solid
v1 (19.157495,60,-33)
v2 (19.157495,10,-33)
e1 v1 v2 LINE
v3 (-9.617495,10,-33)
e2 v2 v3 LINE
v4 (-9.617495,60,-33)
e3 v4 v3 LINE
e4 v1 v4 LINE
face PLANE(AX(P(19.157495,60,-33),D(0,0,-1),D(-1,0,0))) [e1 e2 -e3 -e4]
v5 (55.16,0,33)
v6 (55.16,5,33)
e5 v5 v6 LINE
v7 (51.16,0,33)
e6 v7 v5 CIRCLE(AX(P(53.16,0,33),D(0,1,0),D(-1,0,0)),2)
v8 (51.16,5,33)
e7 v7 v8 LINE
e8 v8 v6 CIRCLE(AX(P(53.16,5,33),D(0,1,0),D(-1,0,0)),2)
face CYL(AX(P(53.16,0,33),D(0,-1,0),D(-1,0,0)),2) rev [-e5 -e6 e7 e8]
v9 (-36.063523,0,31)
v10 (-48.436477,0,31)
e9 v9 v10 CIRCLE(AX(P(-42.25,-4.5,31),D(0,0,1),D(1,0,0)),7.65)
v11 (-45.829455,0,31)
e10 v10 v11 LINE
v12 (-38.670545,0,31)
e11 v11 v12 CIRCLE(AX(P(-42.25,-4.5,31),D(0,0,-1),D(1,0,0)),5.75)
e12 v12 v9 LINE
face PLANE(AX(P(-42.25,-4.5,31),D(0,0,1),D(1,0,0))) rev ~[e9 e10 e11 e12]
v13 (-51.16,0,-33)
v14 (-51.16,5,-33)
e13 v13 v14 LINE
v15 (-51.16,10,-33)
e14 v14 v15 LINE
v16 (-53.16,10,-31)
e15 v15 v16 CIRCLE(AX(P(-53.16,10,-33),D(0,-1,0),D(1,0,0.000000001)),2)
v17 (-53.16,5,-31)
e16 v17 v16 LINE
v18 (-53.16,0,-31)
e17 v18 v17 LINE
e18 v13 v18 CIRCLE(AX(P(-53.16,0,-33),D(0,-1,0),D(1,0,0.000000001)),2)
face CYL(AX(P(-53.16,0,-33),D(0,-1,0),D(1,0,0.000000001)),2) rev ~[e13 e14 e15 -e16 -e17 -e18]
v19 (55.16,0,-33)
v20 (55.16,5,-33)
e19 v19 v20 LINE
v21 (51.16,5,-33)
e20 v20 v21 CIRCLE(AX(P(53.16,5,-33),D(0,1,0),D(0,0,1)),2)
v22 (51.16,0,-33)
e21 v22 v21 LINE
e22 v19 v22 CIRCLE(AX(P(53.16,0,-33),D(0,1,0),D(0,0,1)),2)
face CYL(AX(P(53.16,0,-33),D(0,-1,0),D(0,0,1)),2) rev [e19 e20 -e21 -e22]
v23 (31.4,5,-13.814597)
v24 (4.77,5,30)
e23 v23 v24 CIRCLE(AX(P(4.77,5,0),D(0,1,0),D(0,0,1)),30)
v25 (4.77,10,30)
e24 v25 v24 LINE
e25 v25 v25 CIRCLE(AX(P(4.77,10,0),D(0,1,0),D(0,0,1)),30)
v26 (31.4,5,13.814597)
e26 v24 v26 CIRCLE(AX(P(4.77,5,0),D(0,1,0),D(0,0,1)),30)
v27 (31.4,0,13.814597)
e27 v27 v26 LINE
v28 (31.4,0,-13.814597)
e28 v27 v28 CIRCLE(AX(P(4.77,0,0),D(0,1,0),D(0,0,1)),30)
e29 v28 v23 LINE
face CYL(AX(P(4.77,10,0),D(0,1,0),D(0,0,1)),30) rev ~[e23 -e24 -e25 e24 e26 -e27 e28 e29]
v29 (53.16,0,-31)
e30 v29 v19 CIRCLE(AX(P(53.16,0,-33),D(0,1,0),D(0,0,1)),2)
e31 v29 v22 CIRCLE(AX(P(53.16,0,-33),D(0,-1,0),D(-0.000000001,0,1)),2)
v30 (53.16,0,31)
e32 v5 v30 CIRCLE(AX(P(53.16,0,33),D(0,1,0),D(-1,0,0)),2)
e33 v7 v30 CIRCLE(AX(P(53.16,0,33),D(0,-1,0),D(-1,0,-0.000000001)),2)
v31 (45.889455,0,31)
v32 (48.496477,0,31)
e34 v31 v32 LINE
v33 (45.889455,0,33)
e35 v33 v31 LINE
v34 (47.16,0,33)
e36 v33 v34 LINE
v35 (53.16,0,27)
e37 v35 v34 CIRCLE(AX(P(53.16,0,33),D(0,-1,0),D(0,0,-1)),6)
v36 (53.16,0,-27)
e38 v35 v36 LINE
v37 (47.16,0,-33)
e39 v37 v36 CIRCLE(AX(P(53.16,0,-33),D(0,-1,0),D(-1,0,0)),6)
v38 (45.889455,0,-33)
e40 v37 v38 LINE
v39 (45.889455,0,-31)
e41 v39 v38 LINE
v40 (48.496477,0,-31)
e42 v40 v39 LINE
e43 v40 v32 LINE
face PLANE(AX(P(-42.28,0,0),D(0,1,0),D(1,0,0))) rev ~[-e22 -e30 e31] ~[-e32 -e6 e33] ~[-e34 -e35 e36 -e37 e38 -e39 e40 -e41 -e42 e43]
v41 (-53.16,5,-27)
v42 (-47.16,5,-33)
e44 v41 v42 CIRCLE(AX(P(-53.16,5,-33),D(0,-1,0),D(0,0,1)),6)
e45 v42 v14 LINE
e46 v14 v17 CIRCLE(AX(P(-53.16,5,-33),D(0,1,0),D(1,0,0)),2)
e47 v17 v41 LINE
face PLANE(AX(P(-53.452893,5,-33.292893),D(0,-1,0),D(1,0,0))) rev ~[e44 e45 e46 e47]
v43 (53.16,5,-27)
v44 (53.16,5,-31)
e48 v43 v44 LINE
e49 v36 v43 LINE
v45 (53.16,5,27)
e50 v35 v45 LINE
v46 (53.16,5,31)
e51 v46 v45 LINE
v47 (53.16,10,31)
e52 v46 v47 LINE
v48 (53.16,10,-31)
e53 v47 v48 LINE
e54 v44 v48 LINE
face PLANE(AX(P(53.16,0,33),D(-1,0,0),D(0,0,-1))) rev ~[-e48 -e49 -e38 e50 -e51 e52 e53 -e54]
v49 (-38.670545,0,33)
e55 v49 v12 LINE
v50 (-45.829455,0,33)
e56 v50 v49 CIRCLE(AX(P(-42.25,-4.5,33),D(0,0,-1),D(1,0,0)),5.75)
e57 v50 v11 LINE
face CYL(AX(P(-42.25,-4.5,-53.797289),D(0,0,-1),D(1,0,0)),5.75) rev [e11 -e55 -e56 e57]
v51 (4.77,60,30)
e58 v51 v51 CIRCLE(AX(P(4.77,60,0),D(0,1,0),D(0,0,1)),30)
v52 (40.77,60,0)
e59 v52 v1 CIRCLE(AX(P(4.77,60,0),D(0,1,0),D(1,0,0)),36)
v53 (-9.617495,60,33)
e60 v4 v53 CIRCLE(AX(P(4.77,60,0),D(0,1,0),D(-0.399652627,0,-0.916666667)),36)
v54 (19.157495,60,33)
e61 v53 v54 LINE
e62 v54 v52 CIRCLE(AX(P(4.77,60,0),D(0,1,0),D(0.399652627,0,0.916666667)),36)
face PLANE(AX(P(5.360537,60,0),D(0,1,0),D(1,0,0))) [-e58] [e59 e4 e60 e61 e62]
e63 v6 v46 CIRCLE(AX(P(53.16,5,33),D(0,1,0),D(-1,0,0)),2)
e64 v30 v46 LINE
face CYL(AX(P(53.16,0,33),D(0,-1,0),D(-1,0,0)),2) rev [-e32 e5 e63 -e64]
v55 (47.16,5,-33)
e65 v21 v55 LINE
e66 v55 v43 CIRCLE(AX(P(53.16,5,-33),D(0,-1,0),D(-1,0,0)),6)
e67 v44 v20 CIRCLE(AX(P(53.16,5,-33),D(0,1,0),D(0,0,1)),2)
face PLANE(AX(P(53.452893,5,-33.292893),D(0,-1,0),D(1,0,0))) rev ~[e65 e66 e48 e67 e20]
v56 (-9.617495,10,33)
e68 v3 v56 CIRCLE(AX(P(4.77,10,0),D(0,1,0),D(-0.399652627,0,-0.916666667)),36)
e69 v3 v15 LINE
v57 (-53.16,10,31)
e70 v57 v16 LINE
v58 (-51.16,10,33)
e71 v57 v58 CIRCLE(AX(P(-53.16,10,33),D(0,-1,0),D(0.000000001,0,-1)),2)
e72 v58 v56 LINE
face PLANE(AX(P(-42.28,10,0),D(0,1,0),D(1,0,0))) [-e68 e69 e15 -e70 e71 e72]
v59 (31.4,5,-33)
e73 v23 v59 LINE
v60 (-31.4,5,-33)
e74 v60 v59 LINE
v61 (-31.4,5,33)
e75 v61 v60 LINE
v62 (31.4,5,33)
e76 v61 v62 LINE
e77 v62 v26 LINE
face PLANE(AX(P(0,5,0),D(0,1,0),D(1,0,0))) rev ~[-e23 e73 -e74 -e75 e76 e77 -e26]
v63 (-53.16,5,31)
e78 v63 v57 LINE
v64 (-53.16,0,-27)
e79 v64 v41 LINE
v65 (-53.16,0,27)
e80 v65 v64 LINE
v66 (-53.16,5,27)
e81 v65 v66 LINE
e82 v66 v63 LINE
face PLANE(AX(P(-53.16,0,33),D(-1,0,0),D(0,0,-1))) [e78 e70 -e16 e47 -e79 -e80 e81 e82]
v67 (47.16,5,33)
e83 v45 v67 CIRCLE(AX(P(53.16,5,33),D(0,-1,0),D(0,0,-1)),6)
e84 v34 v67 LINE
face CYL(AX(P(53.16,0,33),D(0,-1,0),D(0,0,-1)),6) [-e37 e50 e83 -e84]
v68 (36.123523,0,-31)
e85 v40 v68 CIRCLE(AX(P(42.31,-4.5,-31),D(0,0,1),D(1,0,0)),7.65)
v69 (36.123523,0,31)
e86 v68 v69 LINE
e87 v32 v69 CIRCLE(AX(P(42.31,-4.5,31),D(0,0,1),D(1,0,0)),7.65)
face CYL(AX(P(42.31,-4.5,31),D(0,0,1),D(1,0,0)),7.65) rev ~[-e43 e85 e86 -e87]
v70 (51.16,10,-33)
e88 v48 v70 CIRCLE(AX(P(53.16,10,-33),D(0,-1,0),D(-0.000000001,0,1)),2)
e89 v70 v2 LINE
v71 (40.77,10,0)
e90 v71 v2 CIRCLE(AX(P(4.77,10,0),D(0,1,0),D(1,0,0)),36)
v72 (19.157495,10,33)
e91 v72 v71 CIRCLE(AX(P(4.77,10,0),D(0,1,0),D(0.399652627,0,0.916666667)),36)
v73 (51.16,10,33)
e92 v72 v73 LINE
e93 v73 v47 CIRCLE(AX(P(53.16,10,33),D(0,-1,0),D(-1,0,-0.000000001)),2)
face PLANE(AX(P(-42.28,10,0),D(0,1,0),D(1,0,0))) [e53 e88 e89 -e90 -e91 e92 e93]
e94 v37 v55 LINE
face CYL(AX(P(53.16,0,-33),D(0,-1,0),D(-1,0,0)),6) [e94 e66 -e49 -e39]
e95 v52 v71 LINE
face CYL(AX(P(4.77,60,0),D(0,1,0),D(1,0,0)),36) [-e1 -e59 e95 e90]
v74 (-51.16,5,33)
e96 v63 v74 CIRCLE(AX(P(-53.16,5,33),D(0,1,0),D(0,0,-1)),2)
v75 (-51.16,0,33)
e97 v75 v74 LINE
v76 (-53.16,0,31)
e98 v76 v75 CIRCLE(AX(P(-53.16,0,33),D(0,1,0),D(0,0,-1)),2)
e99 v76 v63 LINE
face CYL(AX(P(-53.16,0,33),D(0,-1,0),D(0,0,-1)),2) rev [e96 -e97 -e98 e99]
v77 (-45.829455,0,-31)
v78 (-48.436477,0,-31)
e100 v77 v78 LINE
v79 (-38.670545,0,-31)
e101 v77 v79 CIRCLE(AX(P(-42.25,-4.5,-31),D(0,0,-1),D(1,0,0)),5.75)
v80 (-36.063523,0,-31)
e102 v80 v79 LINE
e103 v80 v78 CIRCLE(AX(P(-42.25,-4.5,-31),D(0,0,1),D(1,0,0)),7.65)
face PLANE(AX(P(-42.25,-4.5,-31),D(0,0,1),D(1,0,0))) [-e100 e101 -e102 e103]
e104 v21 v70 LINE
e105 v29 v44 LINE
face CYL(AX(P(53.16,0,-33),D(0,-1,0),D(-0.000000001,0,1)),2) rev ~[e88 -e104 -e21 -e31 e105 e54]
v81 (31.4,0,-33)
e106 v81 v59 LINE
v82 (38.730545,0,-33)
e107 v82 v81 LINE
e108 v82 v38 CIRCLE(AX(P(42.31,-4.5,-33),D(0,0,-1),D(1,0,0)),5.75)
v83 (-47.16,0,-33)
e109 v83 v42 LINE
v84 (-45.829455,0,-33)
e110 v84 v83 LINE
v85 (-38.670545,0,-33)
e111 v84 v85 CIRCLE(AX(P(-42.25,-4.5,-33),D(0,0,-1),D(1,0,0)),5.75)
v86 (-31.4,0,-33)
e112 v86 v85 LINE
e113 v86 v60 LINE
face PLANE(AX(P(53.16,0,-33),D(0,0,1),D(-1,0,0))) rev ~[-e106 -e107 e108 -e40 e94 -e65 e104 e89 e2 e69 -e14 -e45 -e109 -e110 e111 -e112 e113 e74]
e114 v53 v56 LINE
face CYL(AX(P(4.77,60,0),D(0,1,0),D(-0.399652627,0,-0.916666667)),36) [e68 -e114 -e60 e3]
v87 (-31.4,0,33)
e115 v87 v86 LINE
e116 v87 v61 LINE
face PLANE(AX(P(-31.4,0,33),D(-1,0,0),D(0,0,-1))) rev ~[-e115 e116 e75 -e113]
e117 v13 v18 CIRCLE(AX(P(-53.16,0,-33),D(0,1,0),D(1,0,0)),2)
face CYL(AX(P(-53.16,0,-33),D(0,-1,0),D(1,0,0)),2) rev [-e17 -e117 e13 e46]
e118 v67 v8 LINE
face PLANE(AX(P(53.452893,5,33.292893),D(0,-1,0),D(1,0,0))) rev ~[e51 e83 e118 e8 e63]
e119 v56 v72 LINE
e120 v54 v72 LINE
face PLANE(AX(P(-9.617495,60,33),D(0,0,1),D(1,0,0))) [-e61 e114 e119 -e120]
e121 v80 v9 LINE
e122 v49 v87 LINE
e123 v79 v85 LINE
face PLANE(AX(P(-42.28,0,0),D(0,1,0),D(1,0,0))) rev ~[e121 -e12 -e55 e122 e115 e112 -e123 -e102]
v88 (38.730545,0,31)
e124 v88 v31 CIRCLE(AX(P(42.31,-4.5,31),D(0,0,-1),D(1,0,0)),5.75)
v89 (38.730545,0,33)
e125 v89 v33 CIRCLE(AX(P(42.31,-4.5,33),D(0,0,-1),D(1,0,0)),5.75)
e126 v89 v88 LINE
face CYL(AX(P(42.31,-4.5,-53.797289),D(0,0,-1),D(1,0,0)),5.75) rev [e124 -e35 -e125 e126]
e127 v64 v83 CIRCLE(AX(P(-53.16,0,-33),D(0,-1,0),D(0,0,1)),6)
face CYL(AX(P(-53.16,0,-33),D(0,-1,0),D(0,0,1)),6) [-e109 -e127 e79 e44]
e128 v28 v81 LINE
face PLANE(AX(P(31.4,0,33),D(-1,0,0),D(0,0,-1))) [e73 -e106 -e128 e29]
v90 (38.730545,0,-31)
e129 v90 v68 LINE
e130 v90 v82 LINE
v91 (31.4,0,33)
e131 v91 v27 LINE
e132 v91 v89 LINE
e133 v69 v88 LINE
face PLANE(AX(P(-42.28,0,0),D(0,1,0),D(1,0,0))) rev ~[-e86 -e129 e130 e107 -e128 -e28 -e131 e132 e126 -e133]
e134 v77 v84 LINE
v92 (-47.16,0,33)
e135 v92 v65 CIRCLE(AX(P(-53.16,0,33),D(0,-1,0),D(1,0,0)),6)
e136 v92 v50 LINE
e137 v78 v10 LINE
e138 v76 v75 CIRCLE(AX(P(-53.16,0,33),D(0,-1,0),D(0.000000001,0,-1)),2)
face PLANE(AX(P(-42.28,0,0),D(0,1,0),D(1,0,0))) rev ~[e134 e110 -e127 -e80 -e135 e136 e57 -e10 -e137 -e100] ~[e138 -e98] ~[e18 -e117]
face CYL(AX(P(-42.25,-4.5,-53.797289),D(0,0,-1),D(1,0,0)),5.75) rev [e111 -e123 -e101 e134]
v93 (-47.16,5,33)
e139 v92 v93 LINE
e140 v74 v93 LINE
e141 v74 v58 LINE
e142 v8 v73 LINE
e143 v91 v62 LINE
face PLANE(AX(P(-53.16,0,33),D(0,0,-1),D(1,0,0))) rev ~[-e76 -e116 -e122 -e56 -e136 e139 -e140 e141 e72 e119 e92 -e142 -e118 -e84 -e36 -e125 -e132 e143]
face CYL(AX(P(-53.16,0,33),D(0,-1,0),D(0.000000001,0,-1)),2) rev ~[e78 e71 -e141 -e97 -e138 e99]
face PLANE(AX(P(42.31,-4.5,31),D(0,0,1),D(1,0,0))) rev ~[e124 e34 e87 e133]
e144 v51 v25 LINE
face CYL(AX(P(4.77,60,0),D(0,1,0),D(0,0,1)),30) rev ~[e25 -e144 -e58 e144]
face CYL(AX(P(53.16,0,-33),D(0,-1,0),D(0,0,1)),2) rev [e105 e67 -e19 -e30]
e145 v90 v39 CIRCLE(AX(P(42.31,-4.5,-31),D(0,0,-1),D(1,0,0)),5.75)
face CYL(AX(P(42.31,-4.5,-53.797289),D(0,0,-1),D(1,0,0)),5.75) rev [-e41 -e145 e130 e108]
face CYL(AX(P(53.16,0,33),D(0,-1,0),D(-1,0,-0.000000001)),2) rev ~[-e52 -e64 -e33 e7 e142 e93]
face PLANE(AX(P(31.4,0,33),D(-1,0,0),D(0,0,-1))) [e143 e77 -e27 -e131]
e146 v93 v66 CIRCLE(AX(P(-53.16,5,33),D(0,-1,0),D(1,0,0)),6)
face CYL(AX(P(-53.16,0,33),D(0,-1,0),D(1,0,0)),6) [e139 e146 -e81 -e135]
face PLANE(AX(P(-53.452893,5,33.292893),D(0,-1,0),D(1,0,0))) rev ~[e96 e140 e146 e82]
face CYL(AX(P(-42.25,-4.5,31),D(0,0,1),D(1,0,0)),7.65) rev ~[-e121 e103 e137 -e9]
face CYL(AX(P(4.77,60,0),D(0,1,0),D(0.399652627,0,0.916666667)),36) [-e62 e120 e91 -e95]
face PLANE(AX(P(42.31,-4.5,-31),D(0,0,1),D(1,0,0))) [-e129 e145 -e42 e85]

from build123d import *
from build123d.topology import SkipClean

# Parameters (mm, degrees)
SKETCH1_W               = 21.76
SKETCH1_H               = 66
SKETCH1_W_2             = 62.8
BOSS_EXTRUDE1_DEPTH     = 10
SKETCH1_5_W             = 62.8
SKETCH1_5_H             = 66
CUT_EXTRUDE1_DEPTH      = 5
SKETCH3_R               = 7.65
SKETCH3_R_2             = 5.75
CUT_EXTRUDE2_DEPTH      = 62
CUT_EXTRUDE3_DEPTH      = 84.797288739
CUT_EXTRUDE3_DEPTH_BACK = 84.797288739
SKETCH3_3_R             = 5.75
BOSS_EXTRUDE2_DEPTH     = 5
CUT_EXTRUDE4_DEPTH      = 72.560503073
SKETCH5_R               = 30
CUT_EXTRUDE5_DEPTH      = 72.560503073
BOSS_EXTRUDE3_START     = 50
SKETCH5_3_R             = 30
BOSS_EXTRUDE3_DEPTH     = 50


with BuildPart() as part:
    # Sketch1 → Boss-Extrude1 (new body)
    with BuildSketch(Plane(origin=(0, 0, 0), x_dir=(1, 0, 0), z_dir=(0, 1, 0))):
        with Locations((-42.28, 0)):
            Rectangle(SKETCH1_W, SKETCH1_H)
        Rectangle(SKETCH1_W_2, SKETCH1_H)
        with Locations((42.28, 0)):
            Rectangle(SKETCH1_W, SKETCH1_H)
    extrude(amount=BOSS_EXTRUDE1_DEPTH)

    # Sketch1<5> → Cut-Extrude1 (cut)
    with BuildSketch(Plane(origin=(0, 0, 0), x_dir=(1, 0, 0), z_dir=(0, 1, 0))):
        Rectangle(SKETCH1_5_W, SKETCH1_5_H)
    extrude(amount=CUT_EXTRUDE1_DEPTH, mode=Mode.SUBTRACT)

    # Sketch3 → Cut-Extrude2 (cut)
    # profile 1 of 4: a face of its own
    with BuildSketch(Plane.XY.offset(31)):
        with Locations((-42.25, -4.5)):
            Circle(SKETCH3_R)
        with Locations((-42.25, -4.5)):
            Circle(SKETCH3_R_2, mode=Mode.SUBTRACT)
    # profile 2 of 4: a face of its own
    with BuildSketch(Plane.XY.offset(31)):
        with Locations((-42.25, -4.5)):
            Circle(SKETCH3_R_2)
    # profile 3 of 4: a face of its own
    with BuildSketch(Plane.XY.offset(31)):
        with Locations((42.31, -4.5)):
            Circle(SKETCH3_R)
        with Locations((42.31, -4.5)):
            Circle(SKETCH3_R_2, mode=Mode.SUBTRACT)
    # profile 4 of 4: a face of its own
    with BuildSketch(Plane.XY.offset(31)):
        with Locations((42.31, -4.5)):
            Circle(SKETCH3_R_2)
    extrude(amount=-CUT_EXTRUDE2_DEPTH, mode=Mode.SUBTRACT)

    # Sketch3<3> → Cut-Extrude3 (cut, two sides: drawn at the far end of the back side and taken through both)
    with BuildSketch(Plane.XY.offset(31).offset(-CUT_EXTRUDE3_DEPTH_BACK)):
        with Locations((42.31, -4.5)):
            Circle(SKETCH3_3_R)
        with Locations((-42.25, -4.5)):
            Circle(SKETCH3_3_R)
    extrude(amount=CUT_EXTRUDE3_DEPTH + CUT_EXTRUDE3_DEPTH_BACK, mode=Mode.SUBTRACT)

    # Sketch4 → Boss-Extrude2 (add)
    with BuildSketch(Plane.XZ):
        with BuildLine():
            Line((-51.16, 33), (-47.16, 33))
            ThreePointArc((-47.16, 33), (-57.402640687, 37.242640687), (-53.16, 27))
            Line((-53.16, 27), (-53.16, 31))
            ThreePointArc((-53.16, 31), (-54.574213562, 34.414213562), (-51.16, 33))
        make_face()
        with BuildLine():
            ThreePointArc((-53.16, -27), (-57.402640687, -37.242640687), (-47.16, -33))
            Line((-47.16, -33), (-51.16, -33))
            ThreePointArc((-51.16, -33), (-54.574213562, -34.414213562), (-53.16, -31))
            Line((-53.16, -31), (-53.16, -27))
        make_face()
        with BuildLine():
            ThreePointArc((47.16, -33), (57.402640687, -37.242640687), (53.16, -27))
            Line((53.16, -27), (53.16, -31))
            ThreePointArc((53.16, -31), (54.574213562, -34.414213562), (51.16, -33))
            Line((51.16, -33), (47.16, -33))
        make_face()
        with BuildLine():
            ThreePointArc((53.16, 27), (57.402640687, 37.242640687), (47.16, 33))
            Line((47.16, 33), (51.16, 33))
            ThreePointArc((51.16, 33), (54.574213562, 34.414213562), (53.16, 31))
            Line((53.16, 31), (53.16, 27))
        make_face()
    extrude(amount=-BOSS_EXTRUDE2_DEPTH)

    # Sketch4<3> → Cut-Extrude4 (cut, through all)
    with SkipClean():  # the faces are left unmerged after this step: merging them gives an invalid solid
        with BuildSketch(Plane.XZ):
            with BuildLine():
                ThreePointArc((51.16, 33), (51.745786438, 31.585786438), (53.16, 31))
                Line((53.16, 31), (53.16, 33))
                Line((53.16, 33), (51.16, 33))
            make_face()
            with BuildLine():
                Line((53.16, 33), (53.16, 31))
                ThreePointArc((53.16, 31), (54.574213562, 31.585786438), (55.16, 33))
                ThreePointArc((55.16, 33), (53.16, 35), (51.16, 33))
                Line((51.16, 33), (53.16, 33))
            make_face()
            with BuildLine():
                ThreePointArc((55.16, -33), (54.574213562, -31.585786438), (53.16, -31))
                Line((53.16, -31), (53.16, -33))
                Line((53.16, -33), (51.16, -33))
                ThreePointArc((51.16, -33), (53.16, -35), (55.16, -33))
            make_face()
            with BuildLine():
                Line((53.16, -33), (53.16, -31))
                ThreePointArc((53.16, -31), (51.745786438, -31.585786438), (51.16, -33))
                Line((51.16, -33), (53.16, -33))
            make_face()
            with BuildLine():
                ThreePointArc((-53.16, -31), (-54.574213562, -34.414213562), (-51.16, -33))
                Line((-51.16, -33), (-53.16, -33))
                Line((-53.16, -33), (-53.16, -31))
            make_face()
            with BuildLine():
                Line((-53.16, -33), (-51.16, -33))
                ThreePointArc((-51.16, -33), (-51.745786438, -31.585786438), (-53.16, -31))
                Line((-53.16, -31), (-53.16, -33))
            make_face()
            with BuildLine():
                ThreePointArc((-53.16, 31), (-51.745786438, 31.585786438), (-51.16, 33))
                Line((-51.16, 33), (-53.16, 33))
                Line((-53.16, 33), (-53.16, 31))
            make_face()
            with BuildLine():
                Line((-53.16, 33), (-51.16, 33))
                ThreePointArc((-51.16, 33), (-54.574213562, 34.414213562), (-53.16, 31))
                Line((-53.16, 31), (-53.16, 33))
            make_face()
        extrude(amount=-CUT_EXTRUDE4_DEPTH, mode=Mode.SUBTRACT)

    # Sketch5 → Cut-Extrude5 (cut, through all)
    with SkipClean():  # the faces are left unmerged after this step: merging them gives an invalid solid
        with BuildSketch(Plane(origin=(0, 10, 0), x_dir=(1, 0, 0), z_dir=(0, 1, 0))):
            with Locations(Location((4.77, 0, 0), (0, 0, 270))):
                Circle(SKETCH5_R)
        extrude(amount=-CUT_EXTRUDE5_DEPTH, mode=Mode.SUBTRACT)

    # Sketch5<3> → Boss-Extrude3 (add)
    with SkipClean():  # the faces are left unmerged after this step: merging them gives an invalid solid
        with BuildSketch(Plane(origin=(0, 10, 0), x_dir=(1, 0, 0), z_dir=(0, 1, 0)).offset(BOSS_EXTRUDE3_START)):
            with BuildLine():
                Line((-9.61749457, -33), (19.15749457, -33))
                ThreePointArc((19.15749457, -33), (34.886024011, -19.723719166), (40.77, 0))
                ThreePointArc((40.77, 0), (34.886024011, 19.723719166), (19.15749457, 33))
                Line((19.15749457, 33), (-9.61749457, 33))
                ThreePointArc((-9.61749457, 33), (-31.23, 0), (-9.61749457, -33))
            make_face()
            with Locations(Location((4.77, 0, 0), (0, 0, 270))):
                Circle(SKETCH5_3_R, mode=Mode.SUBTRACT)
        extrude(amount=-BOSS_EXTRUDE3_DEPTH)


solid = part.part
